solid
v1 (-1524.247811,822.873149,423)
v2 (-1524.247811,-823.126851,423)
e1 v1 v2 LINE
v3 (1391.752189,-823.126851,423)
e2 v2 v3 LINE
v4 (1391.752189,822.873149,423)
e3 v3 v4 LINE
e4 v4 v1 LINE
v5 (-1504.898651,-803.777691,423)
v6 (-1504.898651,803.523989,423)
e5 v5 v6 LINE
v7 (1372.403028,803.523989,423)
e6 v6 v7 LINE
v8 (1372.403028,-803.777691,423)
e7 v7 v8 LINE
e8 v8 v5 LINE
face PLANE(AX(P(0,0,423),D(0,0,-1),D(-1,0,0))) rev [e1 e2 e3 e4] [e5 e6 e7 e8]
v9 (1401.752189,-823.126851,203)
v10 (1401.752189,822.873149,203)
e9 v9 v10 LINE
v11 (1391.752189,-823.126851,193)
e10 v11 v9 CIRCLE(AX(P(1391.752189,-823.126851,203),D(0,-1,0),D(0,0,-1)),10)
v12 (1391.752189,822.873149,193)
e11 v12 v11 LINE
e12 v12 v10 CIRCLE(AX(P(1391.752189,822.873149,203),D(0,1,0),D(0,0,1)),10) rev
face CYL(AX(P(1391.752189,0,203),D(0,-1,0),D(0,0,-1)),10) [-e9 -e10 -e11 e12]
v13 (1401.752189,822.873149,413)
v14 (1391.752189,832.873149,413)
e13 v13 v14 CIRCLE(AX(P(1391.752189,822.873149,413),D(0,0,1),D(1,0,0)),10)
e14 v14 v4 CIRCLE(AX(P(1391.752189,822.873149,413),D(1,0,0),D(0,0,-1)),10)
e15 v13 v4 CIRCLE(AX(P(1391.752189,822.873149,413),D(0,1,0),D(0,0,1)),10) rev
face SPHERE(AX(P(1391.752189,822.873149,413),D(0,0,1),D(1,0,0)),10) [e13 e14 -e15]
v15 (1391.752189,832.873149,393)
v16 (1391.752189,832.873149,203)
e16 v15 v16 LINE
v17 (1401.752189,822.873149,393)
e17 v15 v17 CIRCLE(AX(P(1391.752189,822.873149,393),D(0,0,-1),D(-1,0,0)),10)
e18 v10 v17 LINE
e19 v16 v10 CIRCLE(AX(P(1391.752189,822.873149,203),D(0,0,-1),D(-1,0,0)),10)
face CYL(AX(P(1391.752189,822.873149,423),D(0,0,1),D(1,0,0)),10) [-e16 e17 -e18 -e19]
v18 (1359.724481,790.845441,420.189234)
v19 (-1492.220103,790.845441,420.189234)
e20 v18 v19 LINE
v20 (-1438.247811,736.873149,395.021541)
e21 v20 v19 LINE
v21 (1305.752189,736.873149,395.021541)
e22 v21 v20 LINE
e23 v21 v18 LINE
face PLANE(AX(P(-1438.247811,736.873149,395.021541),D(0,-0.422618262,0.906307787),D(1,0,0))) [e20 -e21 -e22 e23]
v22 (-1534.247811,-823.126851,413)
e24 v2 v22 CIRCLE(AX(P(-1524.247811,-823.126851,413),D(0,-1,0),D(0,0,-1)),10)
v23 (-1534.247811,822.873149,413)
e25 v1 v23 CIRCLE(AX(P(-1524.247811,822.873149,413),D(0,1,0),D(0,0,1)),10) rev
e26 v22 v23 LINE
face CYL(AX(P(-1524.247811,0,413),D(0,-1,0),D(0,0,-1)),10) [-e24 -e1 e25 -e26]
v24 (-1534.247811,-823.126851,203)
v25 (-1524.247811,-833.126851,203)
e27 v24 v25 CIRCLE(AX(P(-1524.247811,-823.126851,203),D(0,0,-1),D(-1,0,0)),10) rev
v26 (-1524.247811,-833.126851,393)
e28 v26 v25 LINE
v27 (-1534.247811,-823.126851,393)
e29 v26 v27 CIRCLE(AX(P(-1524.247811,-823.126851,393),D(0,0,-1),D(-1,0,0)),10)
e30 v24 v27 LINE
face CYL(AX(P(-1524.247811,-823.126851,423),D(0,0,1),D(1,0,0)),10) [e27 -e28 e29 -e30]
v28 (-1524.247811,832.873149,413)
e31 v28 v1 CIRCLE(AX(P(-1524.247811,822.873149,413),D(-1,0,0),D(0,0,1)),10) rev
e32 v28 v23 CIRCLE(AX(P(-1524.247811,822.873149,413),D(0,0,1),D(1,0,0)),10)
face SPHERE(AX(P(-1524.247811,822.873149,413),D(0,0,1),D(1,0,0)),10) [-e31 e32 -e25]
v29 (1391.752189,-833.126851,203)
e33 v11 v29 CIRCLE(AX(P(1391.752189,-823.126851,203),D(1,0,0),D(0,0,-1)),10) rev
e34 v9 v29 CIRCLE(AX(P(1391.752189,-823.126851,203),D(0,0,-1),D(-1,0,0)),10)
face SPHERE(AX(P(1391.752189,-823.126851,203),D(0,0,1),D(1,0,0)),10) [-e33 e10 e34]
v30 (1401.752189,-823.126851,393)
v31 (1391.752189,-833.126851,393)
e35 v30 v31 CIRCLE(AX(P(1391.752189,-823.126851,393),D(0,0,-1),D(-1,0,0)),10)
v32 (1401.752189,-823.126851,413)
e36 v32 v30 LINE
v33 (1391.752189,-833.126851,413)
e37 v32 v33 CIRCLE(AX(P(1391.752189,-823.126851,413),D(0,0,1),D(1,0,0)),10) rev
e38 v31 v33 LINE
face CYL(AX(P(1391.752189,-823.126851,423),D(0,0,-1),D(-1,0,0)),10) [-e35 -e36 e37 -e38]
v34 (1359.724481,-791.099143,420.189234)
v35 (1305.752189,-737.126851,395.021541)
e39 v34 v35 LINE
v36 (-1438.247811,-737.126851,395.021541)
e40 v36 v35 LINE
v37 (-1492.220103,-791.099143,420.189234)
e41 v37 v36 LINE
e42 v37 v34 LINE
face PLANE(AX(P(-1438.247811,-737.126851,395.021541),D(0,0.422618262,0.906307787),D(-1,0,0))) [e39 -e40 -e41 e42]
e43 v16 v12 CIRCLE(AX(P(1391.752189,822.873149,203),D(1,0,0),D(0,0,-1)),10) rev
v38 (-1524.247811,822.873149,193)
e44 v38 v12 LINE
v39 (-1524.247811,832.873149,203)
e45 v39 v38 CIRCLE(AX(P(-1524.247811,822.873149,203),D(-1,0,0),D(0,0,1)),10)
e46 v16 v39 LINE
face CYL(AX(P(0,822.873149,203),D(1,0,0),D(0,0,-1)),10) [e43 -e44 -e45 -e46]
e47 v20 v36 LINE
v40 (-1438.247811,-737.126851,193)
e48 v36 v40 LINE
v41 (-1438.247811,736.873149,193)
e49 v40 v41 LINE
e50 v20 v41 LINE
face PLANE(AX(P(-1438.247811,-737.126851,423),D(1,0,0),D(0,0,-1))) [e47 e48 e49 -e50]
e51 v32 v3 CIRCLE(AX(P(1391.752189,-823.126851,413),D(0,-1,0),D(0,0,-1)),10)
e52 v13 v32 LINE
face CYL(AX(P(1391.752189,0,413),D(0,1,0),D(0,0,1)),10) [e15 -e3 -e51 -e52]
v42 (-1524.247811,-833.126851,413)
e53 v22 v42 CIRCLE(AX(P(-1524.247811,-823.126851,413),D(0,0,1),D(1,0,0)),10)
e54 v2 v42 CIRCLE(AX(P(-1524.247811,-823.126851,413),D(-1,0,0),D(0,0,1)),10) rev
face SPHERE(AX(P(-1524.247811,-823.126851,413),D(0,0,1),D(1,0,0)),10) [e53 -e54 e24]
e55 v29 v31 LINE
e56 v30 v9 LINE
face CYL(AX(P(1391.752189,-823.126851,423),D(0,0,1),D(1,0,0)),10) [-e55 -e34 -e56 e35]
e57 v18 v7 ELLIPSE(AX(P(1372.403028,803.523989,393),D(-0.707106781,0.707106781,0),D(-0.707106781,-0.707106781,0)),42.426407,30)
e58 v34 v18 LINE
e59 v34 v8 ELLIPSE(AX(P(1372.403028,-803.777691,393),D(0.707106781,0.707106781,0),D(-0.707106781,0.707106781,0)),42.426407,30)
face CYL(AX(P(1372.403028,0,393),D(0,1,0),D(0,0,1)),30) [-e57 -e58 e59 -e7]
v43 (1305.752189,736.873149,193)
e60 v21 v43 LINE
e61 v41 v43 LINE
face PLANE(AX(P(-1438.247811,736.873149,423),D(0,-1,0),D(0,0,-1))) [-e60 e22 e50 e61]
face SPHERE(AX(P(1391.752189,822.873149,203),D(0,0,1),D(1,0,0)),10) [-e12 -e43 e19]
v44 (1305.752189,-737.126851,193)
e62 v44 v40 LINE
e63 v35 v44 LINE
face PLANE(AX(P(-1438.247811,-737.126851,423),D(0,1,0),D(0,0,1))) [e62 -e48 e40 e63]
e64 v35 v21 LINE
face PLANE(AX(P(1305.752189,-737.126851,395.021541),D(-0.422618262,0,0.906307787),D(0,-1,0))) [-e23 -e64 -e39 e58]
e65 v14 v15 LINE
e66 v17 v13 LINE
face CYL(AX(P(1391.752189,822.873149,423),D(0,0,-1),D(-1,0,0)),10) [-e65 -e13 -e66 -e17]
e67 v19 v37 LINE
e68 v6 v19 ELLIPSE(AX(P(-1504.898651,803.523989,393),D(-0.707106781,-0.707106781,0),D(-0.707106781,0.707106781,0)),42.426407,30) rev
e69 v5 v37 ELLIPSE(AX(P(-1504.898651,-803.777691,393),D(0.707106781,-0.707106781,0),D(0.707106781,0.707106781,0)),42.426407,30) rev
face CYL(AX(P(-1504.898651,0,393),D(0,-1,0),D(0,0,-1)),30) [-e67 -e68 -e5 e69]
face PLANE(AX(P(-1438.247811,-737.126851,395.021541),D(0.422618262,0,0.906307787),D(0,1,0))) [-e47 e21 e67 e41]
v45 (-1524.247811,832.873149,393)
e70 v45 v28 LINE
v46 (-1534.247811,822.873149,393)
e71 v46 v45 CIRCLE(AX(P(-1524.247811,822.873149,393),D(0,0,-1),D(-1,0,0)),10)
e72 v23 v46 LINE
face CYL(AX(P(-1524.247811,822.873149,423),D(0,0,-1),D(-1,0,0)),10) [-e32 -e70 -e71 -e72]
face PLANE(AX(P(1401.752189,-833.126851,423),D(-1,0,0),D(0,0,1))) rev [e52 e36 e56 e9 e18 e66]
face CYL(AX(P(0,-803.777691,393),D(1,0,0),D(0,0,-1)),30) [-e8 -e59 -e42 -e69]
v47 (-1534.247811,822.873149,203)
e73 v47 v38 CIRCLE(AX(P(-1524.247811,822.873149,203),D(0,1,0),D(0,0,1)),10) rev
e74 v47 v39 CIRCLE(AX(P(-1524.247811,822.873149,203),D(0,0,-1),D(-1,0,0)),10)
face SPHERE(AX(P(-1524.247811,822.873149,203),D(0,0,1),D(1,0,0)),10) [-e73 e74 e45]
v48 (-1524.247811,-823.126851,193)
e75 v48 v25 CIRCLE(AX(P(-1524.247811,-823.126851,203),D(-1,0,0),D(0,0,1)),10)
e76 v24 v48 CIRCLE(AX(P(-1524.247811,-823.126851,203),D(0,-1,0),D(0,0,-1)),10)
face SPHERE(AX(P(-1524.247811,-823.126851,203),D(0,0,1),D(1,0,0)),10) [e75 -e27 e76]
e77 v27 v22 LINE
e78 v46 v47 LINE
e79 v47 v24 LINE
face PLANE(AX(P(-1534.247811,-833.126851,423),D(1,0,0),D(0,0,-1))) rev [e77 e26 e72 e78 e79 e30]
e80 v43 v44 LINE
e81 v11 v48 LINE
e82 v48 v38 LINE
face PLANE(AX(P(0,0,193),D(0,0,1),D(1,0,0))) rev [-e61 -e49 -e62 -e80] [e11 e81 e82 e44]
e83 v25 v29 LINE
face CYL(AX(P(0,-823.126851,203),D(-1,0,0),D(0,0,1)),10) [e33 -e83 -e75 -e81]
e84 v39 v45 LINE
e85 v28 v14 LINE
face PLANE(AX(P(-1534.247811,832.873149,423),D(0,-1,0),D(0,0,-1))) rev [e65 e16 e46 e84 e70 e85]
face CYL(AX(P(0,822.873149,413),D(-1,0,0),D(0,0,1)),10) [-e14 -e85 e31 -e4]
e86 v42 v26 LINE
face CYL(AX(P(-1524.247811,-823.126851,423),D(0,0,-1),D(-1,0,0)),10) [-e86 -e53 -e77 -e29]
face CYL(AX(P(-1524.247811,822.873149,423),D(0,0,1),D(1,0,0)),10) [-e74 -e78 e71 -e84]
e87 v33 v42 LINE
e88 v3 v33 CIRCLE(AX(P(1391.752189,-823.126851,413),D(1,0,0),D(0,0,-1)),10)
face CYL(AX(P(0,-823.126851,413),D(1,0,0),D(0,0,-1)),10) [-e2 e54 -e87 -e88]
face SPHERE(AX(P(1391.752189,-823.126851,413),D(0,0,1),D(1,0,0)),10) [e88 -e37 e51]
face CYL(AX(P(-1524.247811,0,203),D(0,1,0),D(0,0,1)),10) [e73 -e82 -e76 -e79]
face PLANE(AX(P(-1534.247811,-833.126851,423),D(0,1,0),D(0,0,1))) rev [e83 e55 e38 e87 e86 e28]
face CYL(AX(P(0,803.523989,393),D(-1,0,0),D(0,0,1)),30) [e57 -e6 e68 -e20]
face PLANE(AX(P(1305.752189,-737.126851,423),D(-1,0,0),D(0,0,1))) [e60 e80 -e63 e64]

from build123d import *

# Parameters (mm, degrees)
SZKIC2_W                    = 2936
SZKIC2_H                    = 1666
SZKIC2_W_2                  = 2744
SZKIC2_H_2                  = 1474
DODANIE_WYCI_GNI_CIE1_DEPTH = 30
SFAZOWANIE1_SIZE            = 60
SFAZOWANIE1_SIZE2           = 27.978459489
ZAOKR_GLENIE1_R             = 30
ZAOKR_GLENIE2_R             = 10
SZKIC3_W                    = 2936
SZKIC3_H                    = 1666
SZKIC3_W_2                  = 2744
SZKIC3_H_2                  = 1474
DODANIE_WYCI_GNI_CIE2_DEPTH = 200
ZAOKR_GLENIE3_R             = 10


with BuildPart() as part:
    # Szkic2 → Dodanie-wyciągnięcie1 (new body)
    with BuildSketch(Plane.XY.offset(393)):
        with Locations((-66.247811398, -0.126850764)):
            Rectangle(SZKIC2_W, SZKIC2_H)
        with Locations((-66.247811398, -0.126850764)):
            Rectangle(SZKIC2_W_2, SZKIC2_H_2, mode=Mode.SUBTRACT)
    extrude(amount=DODANIE_WYCI_GNI_CIE1_DEPTH)

    # Sfazowanie1
    sfazowanie1_edges = [part.edges().sort_by_distance(p)[0] for p in [
        (1305.752188602, -0.126850764, 423),
        (-66.247811398, 736.873149236, 423),
        (-1438.247811398, -0.126850764, 423),
        (-66.247811398, -737.126850764, 423),
    ]]
    sfazowanie1_side = [part.faces().sort_by_distance(p)[0] for p in [
        (-66.247811398, -799.369404178, 423),
    ]]
    chamfer(sfazowanie1_edges, length=SFAZOWANIE1_SIZE, length2=SFAZOWANIE1_SIZE2, reference=sfazowanie1_side[0])

    # Zaokrąglenie1
    zaokr_glenie1_edges = [part.edges().sort_by_distance(p)[0] for p in [
        (-66.247811398, -797.126850764, 423),
        (1365.752188602, -0.126850764, 423),
        (-66.247811398, 796.873149236, 423),
        (-1498.247811398, -0.126850764, 423),
    ]]
    fillet(zaokr_glenie1_edges, radius=ZAOKR_GLENIE1_R)

    # Zaokrąglenie2
    zaokr_glenie2_edges = [part.edges().sort_by_distance(p)[0] for p in [
        (-1534.247811398, -0.126850764, 423),
        (-66.247811398, -833.126850764, 423),
        (1401.752188602, -0.126850764, 423),
        (-66.247811398, 832.873149236, 423),
        (1401.752188602, -833.126850764, 408),
        (-1534.247811398, -833.126850764, 408),
        (-1534.247811398, 832.873149236, 408),
        (1401.752188602, 832.873149236, 408),
    ]]
    fillet(zaokr_glenie2_edges, radius=ZAOKR_GLENIE2_R)

    # Szkic3 → Dodanie-wyciągnięcie2 (add)
    with BuildSketch(Plane(origin=(0, 0, 393), x_dir=(-1, 0, 0), z_dir=(0, 0, -1))):
        with Locations((66.247811398, -0.126850764)):
            Rectangle(SZKIC3_W, SZKIC3_H)
        with Locations((66.247811398, -0.126850764)):
            Rectangle(SZKIC3_W_2, SZKIC3_H_2, mode=Mode.SUBTRACT)
    extrude(amount=DODANIE_WYCI_GNI_CIE2_DEPTH)

    # Zaokrąglenie3
    zaokr_glenie3_edges = [part.edges().sort_by_distance(p)[0] for p in [
        (-1534.247811398, -833.126850764, 293),
        (-66.247811398, -833.126850764, 193),
        (1401.752188602, -833.126850764, 293),
        (1401.752188602, -0.126850764, 193),
        (1401.752188602, 832.873149236, 293),
        (-66.247811398, 832.873149236, 193),
        (-1534.247811398, -0.126850764, 193),
        (-1534.247811398, 832.873149236, 293),
    ]]
    fillet(zaokr_glenie3_edges, radius=ZAOKR_GLENIE3_R)


solid = part.part
